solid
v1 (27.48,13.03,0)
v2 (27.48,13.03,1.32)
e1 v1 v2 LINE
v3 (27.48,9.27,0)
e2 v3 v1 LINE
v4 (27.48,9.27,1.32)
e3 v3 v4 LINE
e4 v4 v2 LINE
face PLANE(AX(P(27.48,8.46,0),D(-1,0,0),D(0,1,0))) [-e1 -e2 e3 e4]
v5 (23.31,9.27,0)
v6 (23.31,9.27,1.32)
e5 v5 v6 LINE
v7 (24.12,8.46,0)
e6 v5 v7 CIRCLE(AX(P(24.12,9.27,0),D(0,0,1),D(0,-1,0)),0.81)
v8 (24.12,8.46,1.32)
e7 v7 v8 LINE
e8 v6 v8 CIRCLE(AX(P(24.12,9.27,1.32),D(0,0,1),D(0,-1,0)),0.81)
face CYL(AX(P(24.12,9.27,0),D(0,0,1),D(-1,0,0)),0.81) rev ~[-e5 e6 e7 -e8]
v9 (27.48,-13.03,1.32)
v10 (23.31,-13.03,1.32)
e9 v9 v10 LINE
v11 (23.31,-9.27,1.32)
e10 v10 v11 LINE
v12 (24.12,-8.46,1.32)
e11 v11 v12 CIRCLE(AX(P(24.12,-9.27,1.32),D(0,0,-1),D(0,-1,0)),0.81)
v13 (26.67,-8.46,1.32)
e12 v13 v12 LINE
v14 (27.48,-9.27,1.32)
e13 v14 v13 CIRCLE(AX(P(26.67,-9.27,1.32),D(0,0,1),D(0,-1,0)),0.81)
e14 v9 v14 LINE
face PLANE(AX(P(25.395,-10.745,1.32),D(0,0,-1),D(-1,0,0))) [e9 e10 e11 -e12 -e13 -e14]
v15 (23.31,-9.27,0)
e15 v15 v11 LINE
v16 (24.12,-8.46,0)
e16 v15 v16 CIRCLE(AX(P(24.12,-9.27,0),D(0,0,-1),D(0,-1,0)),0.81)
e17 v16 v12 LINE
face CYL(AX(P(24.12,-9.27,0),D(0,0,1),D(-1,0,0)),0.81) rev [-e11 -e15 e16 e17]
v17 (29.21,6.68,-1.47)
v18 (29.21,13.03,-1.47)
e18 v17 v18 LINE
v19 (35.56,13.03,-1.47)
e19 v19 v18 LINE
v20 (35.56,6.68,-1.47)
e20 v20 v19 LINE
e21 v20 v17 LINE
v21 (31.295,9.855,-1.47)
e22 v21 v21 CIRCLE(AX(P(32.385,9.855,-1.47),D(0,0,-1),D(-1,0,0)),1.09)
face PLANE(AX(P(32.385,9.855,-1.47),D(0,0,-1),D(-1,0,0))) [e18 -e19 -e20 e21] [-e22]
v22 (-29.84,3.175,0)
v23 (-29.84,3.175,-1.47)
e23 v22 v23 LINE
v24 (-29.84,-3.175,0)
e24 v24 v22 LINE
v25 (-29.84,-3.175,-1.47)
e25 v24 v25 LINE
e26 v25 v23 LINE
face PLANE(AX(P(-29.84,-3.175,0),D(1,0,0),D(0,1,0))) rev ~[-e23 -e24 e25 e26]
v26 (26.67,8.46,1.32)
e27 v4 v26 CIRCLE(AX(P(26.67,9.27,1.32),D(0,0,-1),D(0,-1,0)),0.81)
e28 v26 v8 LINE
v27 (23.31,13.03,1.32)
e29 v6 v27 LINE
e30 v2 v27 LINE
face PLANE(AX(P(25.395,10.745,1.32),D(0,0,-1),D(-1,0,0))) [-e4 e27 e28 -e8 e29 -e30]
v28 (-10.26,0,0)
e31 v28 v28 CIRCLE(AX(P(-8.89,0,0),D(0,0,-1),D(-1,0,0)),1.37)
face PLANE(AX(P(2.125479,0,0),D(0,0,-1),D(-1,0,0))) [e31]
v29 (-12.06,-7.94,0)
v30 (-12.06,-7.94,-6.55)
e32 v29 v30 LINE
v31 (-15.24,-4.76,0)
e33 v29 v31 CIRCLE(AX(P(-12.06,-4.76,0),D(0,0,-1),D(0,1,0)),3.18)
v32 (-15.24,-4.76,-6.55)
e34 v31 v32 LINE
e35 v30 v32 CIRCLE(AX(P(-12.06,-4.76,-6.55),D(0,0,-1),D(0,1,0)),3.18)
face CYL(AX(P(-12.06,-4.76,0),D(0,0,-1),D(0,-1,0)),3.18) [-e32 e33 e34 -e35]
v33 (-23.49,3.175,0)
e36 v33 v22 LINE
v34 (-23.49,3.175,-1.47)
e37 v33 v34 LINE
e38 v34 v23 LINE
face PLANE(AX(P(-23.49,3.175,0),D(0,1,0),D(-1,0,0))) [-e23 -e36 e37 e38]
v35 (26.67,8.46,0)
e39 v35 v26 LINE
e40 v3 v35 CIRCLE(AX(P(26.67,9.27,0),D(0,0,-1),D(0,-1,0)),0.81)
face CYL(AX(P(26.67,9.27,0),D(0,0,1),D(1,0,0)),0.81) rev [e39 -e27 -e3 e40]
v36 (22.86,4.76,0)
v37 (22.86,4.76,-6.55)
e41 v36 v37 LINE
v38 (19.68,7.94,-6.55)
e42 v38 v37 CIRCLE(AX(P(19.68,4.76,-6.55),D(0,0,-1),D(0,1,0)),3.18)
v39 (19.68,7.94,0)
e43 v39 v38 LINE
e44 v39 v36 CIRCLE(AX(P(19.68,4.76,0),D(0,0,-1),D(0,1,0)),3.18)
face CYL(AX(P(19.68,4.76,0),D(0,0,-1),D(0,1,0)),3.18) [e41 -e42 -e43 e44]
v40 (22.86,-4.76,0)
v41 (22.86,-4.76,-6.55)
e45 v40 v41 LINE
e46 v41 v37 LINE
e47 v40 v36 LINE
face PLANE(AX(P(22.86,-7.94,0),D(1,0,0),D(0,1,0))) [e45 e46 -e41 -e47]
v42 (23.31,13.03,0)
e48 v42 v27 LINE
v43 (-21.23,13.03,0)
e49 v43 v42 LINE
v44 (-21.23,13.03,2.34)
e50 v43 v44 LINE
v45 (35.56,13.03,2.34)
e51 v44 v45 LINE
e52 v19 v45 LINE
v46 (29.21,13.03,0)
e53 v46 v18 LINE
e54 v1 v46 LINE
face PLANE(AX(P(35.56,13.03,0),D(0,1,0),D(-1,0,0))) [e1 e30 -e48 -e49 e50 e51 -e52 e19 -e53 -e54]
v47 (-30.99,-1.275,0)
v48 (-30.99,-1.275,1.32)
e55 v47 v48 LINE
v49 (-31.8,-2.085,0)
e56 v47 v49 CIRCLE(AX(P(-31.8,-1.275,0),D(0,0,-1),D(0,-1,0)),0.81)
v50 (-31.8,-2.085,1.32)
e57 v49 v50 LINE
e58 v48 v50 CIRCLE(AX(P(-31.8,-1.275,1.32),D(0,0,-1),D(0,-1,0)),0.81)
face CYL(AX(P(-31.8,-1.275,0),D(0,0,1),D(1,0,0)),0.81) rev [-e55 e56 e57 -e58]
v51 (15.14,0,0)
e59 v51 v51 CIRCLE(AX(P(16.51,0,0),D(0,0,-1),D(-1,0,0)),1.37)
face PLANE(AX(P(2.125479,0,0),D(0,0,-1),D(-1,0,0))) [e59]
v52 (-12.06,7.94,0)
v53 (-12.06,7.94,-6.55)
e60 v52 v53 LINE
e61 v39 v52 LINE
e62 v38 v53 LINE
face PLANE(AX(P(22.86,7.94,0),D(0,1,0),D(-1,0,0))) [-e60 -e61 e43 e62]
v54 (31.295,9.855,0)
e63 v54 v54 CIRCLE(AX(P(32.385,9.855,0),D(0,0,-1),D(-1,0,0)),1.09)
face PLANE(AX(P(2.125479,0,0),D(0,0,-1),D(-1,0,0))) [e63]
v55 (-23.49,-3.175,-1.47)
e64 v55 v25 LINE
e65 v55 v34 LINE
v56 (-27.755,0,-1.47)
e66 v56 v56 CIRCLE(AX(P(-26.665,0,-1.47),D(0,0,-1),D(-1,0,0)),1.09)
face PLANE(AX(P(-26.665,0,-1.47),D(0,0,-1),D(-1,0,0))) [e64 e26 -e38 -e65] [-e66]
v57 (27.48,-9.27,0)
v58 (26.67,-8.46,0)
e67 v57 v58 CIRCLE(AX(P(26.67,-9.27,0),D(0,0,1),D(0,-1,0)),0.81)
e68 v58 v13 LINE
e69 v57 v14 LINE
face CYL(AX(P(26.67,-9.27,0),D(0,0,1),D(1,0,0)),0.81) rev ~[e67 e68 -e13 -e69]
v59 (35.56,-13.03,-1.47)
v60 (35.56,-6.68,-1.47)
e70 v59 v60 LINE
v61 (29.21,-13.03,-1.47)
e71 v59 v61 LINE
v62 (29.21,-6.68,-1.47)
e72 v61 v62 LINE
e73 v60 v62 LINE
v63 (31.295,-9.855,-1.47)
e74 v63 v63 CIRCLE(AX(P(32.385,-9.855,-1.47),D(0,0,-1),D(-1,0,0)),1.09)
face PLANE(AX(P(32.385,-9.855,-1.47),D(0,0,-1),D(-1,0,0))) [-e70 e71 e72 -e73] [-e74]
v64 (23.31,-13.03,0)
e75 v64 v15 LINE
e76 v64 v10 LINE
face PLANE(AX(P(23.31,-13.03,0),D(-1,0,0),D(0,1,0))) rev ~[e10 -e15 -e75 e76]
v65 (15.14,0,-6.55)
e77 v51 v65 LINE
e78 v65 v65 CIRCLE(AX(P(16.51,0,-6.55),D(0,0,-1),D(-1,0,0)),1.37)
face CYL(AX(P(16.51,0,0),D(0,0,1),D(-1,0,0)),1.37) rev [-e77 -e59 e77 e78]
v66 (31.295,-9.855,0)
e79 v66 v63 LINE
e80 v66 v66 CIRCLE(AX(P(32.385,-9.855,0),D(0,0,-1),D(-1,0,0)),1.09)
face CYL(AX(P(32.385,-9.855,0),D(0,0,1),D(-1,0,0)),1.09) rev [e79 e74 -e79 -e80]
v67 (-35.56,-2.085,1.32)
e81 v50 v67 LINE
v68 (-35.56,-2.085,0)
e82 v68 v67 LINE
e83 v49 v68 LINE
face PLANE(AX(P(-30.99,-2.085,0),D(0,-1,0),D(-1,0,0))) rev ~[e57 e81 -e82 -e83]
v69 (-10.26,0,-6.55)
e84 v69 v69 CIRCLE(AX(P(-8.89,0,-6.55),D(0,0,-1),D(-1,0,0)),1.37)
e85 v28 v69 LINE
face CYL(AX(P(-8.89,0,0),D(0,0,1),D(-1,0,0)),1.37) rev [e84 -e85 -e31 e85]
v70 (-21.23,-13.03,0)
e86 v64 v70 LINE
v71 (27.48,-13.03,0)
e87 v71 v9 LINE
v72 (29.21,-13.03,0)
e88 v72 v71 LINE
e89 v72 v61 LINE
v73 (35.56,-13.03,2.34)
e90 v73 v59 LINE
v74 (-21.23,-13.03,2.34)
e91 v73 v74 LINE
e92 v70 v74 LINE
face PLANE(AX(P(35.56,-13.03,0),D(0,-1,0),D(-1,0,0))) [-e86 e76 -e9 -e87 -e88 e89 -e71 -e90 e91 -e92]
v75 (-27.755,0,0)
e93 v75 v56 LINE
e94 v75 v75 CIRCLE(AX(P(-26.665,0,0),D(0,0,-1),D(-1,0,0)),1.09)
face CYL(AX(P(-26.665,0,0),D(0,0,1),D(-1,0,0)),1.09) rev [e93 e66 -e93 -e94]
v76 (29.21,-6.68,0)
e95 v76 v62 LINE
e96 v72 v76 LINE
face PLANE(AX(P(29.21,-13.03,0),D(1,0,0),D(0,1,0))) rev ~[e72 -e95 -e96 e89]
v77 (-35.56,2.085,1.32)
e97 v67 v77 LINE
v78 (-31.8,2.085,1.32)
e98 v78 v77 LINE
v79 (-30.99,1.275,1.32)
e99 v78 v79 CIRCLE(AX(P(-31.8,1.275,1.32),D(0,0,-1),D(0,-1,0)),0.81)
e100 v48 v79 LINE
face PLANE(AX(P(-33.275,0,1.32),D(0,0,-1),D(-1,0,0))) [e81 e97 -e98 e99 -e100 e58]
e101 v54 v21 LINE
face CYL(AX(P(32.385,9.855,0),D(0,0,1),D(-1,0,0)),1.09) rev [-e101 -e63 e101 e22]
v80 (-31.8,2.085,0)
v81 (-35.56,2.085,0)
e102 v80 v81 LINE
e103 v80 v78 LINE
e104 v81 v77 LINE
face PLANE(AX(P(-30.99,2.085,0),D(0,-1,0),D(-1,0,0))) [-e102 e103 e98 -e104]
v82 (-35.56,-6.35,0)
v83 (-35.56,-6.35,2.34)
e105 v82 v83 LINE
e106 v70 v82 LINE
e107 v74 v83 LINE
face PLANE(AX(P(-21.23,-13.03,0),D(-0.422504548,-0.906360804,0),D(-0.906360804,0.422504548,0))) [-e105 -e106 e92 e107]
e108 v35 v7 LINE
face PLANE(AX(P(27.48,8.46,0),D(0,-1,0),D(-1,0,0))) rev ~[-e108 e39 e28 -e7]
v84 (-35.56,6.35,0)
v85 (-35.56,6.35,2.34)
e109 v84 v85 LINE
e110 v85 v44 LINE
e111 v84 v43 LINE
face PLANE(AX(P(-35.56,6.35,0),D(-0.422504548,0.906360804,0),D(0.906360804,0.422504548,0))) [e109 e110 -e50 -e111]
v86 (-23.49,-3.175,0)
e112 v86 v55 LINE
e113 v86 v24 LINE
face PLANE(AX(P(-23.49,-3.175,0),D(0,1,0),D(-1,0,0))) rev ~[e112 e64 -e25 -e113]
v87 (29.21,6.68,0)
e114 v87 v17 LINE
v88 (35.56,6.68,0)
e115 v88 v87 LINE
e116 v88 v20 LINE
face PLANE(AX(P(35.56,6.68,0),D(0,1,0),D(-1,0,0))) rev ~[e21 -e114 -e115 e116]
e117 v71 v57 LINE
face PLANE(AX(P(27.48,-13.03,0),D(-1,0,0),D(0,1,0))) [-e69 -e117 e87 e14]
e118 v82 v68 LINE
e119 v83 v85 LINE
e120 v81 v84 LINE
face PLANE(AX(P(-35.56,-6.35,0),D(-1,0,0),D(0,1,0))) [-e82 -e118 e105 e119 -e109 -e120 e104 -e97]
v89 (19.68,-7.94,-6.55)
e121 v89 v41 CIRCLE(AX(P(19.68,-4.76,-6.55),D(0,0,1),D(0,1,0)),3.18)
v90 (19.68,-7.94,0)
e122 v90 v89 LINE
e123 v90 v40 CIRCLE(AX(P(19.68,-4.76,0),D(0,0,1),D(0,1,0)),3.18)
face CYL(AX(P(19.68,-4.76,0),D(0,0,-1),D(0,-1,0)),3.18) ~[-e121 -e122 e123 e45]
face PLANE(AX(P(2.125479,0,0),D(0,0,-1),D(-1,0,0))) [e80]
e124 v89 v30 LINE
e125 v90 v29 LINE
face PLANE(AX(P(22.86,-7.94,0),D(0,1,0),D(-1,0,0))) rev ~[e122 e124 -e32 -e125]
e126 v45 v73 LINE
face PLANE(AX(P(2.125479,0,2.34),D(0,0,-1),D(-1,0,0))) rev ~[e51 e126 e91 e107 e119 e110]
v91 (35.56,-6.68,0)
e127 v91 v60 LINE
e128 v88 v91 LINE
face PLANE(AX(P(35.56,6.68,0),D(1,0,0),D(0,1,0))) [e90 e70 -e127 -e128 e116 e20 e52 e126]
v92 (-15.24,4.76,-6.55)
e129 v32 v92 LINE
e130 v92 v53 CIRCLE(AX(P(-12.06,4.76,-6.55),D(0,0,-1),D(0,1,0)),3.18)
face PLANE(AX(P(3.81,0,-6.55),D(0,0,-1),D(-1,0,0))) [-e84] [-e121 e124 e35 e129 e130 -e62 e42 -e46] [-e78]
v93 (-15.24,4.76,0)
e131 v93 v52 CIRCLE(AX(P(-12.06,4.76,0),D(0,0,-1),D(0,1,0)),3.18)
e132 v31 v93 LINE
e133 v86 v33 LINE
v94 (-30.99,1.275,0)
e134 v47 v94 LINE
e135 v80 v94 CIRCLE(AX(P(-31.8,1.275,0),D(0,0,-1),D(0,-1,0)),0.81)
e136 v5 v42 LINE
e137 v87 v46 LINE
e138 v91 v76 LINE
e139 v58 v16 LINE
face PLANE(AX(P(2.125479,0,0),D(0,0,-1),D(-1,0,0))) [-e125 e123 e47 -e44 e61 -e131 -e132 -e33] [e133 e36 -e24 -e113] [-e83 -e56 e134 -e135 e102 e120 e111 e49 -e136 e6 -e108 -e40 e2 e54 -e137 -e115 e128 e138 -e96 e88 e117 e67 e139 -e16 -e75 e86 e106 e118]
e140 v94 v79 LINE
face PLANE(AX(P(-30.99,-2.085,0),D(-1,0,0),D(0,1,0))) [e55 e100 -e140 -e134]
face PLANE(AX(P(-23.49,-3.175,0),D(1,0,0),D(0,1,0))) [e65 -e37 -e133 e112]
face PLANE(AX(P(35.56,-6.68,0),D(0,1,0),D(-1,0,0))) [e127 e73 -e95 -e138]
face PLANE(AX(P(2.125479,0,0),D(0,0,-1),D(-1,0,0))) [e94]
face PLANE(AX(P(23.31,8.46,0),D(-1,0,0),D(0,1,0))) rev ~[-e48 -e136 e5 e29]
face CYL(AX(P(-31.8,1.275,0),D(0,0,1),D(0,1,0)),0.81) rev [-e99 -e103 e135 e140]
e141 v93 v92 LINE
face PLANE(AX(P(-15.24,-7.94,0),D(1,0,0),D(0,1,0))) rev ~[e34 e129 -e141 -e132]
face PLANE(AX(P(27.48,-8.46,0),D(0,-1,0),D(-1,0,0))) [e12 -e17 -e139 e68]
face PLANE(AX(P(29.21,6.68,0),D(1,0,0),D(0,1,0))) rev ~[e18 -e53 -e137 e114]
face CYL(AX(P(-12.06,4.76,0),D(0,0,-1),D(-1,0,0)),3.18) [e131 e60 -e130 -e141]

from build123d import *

# Parameters (mm, degrees)
EXTRUDE1_DEPTH     = 2.34
SKETCH2_W          = 6.35
SKETCH2_H          = 6.35
SKETCH2_R          = 1.09
EXTRUDE2_DEPTH     = 1.47
SKETCH3_W          = 4.17
SKETCH3_H          = 4.57
SKETCH3_W_2        = 4.57
SKETCH3_H_2        = 4.17
CUT_EXTRUDE1_DEPTH = 1.32
FILLET1_R          = 0.81
SKETCH4_W          = 38.1
SKETCH4_H          = 15.88
SKETCH4_R          = 1.37
EXTRUDE3_DEPTH     = 6.55
FILLET2_R          = 3.18


with BuildPart() as part:
    # Sketch1 → Extrude1 (new body)
    with BuildSketch(Plane.XY):
        Polygon((-35.56, -6.35), (-35.56, 6.35), (-21.23, 13.03), (35.56, 13.03), (35.56, -13.03), (-21.23, -13.03), align=None)
    extrude(amount=EXTRUDE1_DEPTH)

    # Sketch2 → Extrude2 (add)
    with BuildSketch(Plane(origin=(0, 0, 0), x_dir=(-1, 0, 0), z_dir=(0, 0, -1))):
        with Locations((-32.385, 9.855)):
            Rectangle(SKETCH2_W, SKETCH2_H)
        with Locations((-32.385, 9.855)):
            Circle(SKETCH2_R, mode=Mode.SUBTRACT)
        with Locations((-32.385, -9.855)):
            Rectangle(SKETCH2_W, SKETCH2_H)
        with Locations((-32.385, -9.855)):
            Circle(SKETCH2_R, mode=Mode.SUBTRACT)
        with Locations((26.665, 0)):
            Rectangle(SKETCH2_W, SKETCH2_H)
        with Locations((26.665, 0)):
            Circle(SKETCH2_R, mode=Mode.SUBTRACT)
    extrude(amount=EXTRUDE2_DEPTH)

    # Sketch3 → Cut-Extrude1 (cut)
    with BuildSketch(Plane(origin=(0, 0, 0), x_dir=(-1, 0, 0), z_dir=(0, 0, -1))):
        with Locations((-25.395, -10.745)):
            Rectangle(SKETCH3_W, SKETCH3_H)
        with Locations((-25.395, 10.745)):
            Rectangle(SKETCH3_W, SKETCH3_H)
        with Locations((33.275, 0)):
            Rectangle(SKETCH3_W_2, SKETCH3_H_2)
    extrude(amount=-CUT_EXTRUDE1_DEPTH, mode=Mode.SUBTRACT)

    # Fillet1
    fillet1_edges = [part.edges().sort_by_distance(p)[0] for p in [
        (27.48, -8.46, 0.66),
        (23.31, -8.46, 0.66),
        (27.48, 8.46, 0.66),
        (23.31, 8.46, 0.66),
        (-30.99, -2.085, 0.66),
        (-30.99, 2.085, 0.66),
    ]]
    fillet(fillet1_edges, radius=FILLET1_R)

    # Sketch4 → Extrude3 (add)
    with BuildSketch(Plane(origin=(0, 0, 0), x_dir=(-1, 0, 0), z_dir=(0, 0, -1))):
        with Locations((-3.81, 0)):
            Rectangle(SKETCH4_W, SKETCH4_H)
        with Locations((-16.51, 0)):
            Circle(SKETCH4_R, mode=Mode.SUBTRACT)
        with Locations((8.89, 0)):
            Circle(SKETCH4_R, mode=Mode.SUBTRACT)
    extrude(amount=EXTRUDE3_DEPTH)

    # Fillet2
    fillet2_edges = [part.edges().sort_by_distance(p)[0] for p in [
        (22.86, 7.94, -3.275),
        (22.86, -7.94, -3.275),
        (-15.24, -7.94, -3.275),
        (-15.24, 7.94, -3.275),
    ]]
    fillet(fillet2_edges, radius=FILLET2_R)


solid = part.part
